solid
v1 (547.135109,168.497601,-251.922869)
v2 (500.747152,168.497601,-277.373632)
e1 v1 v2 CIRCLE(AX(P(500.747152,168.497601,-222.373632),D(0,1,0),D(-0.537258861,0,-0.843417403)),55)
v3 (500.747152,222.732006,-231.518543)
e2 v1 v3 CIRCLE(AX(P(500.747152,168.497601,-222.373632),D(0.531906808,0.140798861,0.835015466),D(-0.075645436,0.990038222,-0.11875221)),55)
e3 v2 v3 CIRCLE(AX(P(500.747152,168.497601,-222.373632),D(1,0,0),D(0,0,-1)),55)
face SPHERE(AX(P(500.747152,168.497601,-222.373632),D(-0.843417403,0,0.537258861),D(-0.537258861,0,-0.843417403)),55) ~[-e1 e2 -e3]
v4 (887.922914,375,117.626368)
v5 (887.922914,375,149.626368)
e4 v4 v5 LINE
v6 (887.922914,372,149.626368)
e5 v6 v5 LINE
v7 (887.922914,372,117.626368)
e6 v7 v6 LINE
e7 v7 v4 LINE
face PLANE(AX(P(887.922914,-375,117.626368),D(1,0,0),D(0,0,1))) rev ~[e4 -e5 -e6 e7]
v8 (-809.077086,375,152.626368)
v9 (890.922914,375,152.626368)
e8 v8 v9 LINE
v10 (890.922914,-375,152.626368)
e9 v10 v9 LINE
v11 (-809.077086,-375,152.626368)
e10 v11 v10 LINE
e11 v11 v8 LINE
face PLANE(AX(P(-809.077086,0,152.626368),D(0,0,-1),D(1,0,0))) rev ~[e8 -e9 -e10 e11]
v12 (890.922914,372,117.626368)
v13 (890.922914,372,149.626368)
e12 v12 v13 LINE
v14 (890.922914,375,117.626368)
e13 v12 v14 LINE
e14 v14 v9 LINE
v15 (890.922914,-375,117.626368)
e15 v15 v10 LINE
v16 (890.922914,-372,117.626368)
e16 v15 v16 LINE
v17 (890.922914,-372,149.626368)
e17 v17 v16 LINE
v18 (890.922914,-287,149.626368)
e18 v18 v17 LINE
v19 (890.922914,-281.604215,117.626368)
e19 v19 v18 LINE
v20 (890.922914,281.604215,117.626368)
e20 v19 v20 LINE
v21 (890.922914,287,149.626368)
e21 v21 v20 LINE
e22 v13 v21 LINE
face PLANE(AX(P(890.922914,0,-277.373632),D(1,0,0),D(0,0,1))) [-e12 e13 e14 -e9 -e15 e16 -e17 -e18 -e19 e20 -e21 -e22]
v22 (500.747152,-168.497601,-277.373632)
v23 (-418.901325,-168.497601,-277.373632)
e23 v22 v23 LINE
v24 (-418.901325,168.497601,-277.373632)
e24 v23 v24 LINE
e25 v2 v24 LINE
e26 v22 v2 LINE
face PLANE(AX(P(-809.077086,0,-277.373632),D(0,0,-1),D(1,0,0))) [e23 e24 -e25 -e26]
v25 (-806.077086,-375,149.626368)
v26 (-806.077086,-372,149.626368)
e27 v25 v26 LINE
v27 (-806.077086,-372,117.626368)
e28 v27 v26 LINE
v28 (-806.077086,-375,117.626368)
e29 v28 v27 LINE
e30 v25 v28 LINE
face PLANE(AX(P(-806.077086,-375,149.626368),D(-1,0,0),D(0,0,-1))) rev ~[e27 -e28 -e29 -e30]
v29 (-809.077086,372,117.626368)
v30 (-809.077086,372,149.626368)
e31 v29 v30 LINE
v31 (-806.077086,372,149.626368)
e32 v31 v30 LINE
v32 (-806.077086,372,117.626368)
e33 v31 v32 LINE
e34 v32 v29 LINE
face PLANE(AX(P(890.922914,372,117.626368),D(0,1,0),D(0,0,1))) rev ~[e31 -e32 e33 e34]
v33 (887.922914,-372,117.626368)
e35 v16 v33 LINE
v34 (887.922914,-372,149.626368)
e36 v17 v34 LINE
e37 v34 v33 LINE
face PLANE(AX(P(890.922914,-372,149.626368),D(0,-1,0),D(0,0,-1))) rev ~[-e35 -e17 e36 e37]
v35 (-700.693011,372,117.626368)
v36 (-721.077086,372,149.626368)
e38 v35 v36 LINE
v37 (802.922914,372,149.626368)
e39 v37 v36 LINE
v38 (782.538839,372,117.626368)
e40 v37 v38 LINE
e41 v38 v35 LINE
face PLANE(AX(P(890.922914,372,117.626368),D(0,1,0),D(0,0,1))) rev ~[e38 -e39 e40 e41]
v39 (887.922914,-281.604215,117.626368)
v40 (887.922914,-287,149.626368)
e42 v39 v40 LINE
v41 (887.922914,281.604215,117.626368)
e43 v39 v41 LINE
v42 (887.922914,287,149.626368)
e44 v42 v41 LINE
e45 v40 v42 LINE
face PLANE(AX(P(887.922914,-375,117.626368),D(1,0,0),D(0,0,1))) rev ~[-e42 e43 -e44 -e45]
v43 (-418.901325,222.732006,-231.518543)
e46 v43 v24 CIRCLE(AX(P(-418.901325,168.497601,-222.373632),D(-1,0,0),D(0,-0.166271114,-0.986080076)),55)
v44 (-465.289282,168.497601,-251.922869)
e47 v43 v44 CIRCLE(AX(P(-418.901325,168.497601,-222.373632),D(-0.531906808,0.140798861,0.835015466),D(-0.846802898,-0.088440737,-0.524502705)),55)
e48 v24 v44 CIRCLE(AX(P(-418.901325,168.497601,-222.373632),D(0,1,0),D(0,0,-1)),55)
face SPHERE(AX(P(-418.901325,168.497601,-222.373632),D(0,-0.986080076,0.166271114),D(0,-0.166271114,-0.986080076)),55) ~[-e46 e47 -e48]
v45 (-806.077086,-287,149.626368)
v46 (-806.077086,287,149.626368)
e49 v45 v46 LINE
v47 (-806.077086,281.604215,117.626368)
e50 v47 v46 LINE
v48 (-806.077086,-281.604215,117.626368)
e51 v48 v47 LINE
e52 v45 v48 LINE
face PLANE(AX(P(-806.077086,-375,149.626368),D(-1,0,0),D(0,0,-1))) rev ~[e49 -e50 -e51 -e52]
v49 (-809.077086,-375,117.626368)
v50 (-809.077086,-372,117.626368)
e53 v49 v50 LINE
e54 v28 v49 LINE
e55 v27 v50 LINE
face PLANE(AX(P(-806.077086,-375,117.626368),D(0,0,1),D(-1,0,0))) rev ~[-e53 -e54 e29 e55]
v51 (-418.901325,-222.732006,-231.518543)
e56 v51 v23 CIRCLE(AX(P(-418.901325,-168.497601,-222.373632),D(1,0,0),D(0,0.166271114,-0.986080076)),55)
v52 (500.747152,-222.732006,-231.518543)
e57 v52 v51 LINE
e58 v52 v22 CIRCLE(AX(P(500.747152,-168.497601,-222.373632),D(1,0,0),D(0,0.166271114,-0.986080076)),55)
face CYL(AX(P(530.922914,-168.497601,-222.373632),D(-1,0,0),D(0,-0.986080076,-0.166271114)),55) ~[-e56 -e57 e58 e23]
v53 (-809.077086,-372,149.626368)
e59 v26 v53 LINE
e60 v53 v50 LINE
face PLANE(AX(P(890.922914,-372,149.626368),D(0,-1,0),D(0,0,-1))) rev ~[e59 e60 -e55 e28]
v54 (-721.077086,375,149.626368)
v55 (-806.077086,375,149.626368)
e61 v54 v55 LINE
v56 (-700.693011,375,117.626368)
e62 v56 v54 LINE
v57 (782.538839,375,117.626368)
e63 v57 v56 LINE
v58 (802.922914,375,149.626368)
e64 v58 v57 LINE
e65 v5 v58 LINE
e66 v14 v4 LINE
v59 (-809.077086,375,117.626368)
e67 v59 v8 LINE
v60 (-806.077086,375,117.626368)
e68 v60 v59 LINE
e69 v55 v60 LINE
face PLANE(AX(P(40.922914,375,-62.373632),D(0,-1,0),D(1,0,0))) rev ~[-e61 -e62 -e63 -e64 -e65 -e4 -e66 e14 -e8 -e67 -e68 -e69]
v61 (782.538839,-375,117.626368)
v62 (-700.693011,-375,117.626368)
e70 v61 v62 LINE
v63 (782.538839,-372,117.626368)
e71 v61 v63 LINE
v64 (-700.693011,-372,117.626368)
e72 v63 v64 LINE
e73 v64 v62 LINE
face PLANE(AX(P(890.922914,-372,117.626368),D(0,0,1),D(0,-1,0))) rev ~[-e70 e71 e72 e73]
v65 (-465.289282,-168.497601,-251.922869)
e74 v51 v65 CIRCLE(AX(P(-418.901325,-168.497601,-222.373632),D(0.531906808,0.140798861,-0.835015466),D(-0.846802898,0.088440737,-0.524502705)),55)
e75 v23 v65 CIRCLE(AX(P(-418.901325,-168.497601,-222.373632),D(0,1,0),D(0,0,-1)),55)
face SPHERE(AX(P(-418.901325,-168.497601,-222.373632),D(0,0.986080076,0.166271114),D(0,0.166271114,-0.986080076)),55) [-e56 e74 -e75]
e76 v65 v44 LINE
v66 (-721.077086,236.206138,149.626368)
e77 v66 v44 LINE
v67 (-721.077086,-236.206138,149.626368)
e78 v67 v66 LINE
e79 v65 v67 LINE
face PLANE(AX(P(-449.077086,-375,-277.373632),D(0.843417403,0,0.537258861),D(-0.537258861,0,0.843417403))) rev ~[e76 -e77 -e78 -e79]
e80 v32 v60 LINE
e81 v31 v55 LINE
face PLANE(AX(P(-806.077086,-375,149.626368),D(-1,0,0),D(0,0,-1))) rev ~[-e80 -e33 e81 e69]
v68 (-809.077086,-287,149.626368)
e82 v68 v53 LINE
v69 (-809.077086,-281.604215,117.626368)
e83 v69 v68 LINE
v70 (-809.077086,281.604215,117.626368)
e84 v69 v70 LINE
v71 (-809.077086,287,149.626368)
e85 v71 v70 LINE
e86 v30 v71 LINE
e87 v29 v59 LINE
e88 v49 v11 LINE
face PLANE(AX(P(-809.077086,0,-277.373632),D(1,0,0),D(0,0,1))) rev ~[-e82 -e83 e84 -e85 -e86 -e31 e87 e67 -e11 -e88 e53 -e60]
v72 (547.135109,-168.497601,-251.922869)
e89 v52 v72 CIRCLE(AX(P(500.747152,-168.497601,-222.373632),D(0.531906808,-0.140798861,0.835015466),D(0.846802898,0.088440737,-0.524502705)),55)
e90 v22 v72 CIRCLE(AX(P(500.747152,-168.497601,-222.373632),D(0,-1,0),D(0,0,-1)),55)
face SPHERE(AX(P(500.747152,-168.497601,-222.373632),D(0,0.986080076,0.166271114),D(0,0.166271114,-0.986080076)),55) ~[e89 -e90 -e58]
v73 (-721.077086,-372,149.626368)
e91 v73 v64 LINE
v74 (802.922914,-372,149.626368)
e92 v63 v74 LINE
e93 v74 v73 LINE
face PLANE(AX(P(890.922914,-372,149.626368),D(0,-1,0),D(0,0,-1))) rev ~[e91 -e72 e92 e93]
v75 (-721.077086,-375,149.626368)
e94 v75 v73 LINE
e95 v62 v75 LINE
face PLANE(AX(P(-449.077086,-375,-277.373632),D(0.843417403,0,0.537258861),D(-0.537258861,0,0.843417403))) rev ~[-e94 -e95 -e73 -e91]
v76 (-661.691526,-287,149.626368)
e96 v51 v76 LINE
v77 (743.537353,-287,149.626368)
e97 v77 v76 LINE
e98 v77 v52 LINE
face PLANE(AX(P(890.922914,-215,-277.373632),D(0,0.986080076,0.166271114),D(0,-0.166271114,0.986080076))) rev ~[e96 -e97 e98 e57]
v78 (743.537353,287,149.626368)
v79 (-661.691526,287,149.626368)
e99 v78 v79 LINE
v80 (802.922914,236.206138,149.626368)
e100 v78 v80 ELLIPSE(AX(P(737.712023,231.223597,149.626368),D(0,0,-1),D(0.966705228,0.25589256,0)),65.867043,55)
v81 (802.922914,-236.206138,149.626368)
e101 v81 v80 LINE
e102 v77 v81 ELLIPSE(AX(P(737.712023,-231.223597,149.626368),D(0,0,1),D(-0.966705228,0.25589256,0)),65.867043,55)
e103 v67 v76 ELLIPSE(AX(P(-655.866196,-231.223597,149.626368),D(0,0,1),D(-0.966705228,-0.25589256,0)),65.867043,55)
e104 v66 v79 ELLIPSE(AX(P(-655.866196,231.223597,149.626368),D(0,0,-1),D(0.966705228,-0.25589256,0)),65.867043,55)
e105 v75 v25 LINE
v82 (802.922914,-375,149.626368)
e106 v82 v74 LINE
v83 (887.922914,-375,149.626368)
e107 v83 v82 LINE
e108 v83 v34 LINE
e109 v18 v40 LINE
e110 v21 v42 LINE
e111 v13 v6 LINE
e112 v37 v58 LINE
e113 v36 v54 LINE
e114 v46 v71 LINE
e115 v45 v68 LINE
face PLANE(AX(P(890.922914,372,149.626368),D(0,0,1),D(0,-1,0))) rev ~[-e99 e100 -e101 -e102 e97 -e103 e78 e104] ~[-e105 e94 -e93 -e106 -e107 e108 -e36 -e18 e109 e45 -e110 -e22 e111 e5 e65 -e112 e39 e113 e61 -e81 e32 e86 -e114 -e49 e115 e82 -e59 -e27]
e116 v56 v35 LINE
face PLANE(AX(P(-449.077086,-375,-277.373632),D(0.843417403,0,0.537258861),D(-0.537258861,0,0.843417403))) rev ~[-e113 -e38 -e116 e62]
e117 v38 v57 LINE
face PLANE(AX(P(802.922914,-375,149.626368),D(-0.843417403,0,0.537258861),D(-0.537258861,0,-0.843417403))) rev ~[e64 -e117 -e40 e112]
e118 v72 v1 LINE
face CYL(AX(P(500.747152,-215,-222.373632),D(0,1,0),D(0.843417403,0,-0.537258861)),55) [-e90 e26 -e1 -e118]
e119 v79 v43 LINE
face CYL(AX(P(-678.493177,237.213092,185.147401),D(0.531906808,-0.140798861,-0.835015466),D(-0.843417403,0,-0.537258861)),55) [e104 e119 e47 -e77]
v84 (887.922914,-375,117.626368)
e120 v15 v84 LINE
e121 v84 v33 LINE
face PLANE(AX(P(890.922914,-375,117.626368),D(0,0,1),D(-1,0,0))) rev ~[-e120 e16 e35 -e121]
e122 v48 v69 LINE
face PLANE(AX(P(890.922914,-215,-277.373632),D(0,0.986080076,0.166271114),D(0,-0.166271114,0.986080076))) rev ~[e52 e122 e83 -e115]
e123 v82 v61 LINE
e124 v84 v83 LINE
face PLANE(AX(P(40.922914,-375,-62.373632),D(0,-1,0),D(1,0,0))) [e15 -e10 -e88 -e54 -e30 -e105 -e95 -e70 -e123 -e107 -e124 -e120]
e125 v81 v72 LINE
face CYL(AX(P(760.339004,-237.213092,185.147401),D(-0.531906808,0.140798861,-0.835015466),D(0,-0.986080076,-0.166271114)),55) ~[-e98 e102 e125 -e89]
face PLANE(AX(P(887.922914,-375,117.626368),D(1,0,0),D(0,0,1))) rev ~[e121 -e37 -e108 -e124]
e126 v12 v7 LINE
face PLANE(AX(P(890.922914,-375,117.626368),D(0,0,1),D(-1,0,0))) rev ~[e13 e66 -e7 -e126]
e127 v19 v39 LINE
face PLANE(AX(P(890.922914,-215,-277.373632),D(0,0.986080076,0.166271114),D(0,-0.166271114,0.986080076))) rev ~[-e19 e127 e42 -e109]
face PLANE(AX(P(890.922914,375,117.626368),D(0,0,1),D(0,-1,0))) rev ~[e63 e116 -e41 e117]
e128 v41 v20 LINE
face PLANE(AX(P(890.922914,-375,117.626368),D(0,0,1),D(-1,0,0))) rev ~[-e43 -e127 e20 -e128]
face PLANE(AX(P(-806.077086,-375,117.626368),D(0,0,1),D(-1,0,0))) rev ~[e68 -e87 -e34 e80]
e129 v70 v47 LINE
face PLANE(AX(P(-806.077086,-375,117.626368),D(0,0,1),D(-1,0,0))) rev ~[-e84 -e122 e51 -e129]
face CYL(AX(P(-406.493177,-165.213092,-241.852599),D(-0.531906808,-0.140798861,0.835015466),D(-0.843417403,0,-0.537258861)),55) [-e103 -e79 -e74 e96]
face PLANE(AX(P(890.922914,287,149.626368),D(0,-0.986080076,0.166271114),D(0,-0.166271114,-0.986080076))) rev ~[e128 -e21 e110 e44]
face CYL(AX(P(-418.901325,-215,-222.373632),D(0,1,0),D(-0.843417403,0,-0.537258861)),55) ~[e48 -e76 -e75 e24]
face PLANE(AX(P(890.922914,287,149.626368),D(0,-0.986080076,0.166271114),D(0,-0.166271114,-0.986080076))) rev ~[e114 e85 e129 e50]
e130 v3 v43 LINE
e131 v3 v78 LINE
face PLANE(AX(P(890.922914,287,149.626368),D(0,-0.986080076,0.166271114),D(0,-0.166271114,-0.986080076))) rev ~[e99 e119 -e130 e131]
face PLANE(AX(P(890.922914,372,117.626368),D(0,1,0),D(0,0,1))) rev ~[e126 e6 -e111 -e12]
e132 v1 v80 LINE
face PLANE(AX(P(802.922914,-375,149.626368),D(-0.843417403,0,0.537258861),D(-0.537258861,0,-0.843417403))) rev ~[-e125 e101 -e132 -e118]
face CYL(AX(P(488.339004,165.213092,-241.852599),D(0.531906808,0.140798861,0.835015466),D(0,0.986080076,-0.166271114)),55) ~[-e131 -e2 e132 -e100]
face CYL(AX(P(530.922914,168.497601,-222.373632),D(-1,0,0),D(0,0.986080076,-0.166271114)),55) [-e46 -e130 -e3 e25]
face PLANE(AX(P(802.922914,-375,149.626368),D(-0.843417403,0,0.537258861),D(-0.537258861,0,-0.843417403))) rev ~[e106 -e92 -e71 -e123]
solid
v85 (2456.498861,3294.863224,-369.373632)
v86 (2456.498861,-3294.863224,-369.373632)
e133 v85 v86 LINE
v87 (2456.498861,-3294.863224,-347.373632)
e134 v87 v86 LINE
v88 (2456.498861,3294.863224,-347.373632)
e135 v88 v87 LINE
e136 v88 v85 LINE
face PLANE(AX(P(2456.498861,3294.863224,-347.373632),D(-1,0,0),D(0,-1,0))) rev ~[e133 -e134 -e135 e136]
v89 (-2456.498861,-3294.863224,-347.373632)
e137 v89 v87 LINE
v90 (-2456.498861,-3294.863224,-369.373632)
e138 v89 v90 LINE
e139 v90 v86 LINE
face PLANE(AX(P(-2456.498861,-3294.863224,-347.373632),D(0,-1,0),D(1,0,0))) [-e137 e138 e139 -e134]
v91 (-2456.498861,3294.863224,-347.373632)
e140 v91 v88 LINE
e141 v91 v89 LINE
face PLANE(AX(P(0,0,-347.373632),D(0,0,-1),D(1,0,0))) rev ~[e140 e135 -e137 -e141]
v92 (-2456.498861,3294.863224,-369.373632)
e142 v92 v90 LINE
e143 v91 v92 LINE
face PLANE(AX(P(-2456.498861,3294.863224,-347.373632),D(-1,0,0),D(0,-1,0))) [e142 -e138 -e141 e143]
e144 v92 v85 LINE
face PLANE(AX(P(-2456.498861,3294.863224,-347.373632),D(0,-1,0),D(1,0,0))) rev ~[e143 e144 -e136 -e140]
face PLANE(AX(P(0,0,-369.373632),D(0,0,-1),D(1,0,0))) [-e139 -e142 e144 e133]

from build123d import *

# Parameters (mm, degrees)
F0_W          = 1700
F0_H          = 430
F1_DEPTH      = 375
F1_DEPTH_BACK = 375
F3_DEPTH      = 750.001
F5_DEPTH      = 1700.001
F6_R          = 55
F8_W          = 4912.9977226257
F8_H          = 6589.7264480591
F9_DEPTH      = 22


with BuildPart() as f1:
    # F0 (on Front) → F1 (new body, two sides)
    with BuildSketch(Plane.XZ) as f1_sk:
        with Locations((40.9229137003, -62.3736318606)):
            Rectangle(F0_W, F0_H)
    extrude(amount=F1_DEPTH)
    extrude(f1_sk.sketch, amount=-F1_DEPTH_BACK)

    # F2 (on face) → F3 (cut, through all)
    with BuildSketch(Plane.XZ.offset(375)):
        Polygon((-806.0770862997, 117.6263681394), (-809.0770862997, 117.6263681394), (-809.0770862997, -277.3736318606), (-449.0770862997, -277.3736318606), (-721.0770862997, 149.6263681394), (-806.0770862997, 149.6263681394), align=None)
        Polygon((802.9229137003, 149.6263681394), (530.9229137003, -277.3736318606), (890.9229137003, -277.3736318606), (890.9229137003, 117.6263681394), (887.9229137003, 117.6263681394), (887.9229137003, 149.6263681394), align=None)
    extrude(amount=-F3_DEPTH, mode=Mode.SUBTRACT)

    # F4 (on face) → F5 (cut, through all)
    with BuildSketch(Plane.YZ.offset(890.9229137003)):
        Polygon((-372, 117.6263681394), (-375, 117.6263681394), (-375, -277.3736318606), (-215, -277.3736318606), (-287, 149.6263681394), (-372, 149.6263681394), align=None)
        Polygon((375, -277.3736318606), (375, 117.6263681394), (372, 117.6263681394), (372, 149.6263681394), (287, 149.6263681394), (215, -277.3736318606), align=None)
    extrude(amount=-F5_DEPTH, mode=Mode.SUBTRACT)

    # F6
    f6_edges = [f1.edges().sort_by_distance(p)[0] for p in [
        (-449.077086, 0, -277.373632),
        (40.922914, 215, -277.373632),
        (530.922914, 0, -277.373632),
        (40.922914, -215, -277.373632),
        (-585.077086, -251, -63.873632),
        (-585.077086, 251, -63.873632),
        (666.922914, -251, -63.873632),
        (666.922914, 251, -63.873632),
    ]]
    fillet(f6_edges, radius=F6_R)


with BuildPart() as f9:
    # F8 (on offset) → F9 (new body)
    with BuildSketch(Plane(origin=(0, 0, -347.3736318606), x_dir=(1, 0, 0), z_dir=(0, 0, -1))):
        Rectangle(F8_W, F8_H)
    extrude(amount=F9_DEPTH)


solid = Compound([f1.part, f9.part])
